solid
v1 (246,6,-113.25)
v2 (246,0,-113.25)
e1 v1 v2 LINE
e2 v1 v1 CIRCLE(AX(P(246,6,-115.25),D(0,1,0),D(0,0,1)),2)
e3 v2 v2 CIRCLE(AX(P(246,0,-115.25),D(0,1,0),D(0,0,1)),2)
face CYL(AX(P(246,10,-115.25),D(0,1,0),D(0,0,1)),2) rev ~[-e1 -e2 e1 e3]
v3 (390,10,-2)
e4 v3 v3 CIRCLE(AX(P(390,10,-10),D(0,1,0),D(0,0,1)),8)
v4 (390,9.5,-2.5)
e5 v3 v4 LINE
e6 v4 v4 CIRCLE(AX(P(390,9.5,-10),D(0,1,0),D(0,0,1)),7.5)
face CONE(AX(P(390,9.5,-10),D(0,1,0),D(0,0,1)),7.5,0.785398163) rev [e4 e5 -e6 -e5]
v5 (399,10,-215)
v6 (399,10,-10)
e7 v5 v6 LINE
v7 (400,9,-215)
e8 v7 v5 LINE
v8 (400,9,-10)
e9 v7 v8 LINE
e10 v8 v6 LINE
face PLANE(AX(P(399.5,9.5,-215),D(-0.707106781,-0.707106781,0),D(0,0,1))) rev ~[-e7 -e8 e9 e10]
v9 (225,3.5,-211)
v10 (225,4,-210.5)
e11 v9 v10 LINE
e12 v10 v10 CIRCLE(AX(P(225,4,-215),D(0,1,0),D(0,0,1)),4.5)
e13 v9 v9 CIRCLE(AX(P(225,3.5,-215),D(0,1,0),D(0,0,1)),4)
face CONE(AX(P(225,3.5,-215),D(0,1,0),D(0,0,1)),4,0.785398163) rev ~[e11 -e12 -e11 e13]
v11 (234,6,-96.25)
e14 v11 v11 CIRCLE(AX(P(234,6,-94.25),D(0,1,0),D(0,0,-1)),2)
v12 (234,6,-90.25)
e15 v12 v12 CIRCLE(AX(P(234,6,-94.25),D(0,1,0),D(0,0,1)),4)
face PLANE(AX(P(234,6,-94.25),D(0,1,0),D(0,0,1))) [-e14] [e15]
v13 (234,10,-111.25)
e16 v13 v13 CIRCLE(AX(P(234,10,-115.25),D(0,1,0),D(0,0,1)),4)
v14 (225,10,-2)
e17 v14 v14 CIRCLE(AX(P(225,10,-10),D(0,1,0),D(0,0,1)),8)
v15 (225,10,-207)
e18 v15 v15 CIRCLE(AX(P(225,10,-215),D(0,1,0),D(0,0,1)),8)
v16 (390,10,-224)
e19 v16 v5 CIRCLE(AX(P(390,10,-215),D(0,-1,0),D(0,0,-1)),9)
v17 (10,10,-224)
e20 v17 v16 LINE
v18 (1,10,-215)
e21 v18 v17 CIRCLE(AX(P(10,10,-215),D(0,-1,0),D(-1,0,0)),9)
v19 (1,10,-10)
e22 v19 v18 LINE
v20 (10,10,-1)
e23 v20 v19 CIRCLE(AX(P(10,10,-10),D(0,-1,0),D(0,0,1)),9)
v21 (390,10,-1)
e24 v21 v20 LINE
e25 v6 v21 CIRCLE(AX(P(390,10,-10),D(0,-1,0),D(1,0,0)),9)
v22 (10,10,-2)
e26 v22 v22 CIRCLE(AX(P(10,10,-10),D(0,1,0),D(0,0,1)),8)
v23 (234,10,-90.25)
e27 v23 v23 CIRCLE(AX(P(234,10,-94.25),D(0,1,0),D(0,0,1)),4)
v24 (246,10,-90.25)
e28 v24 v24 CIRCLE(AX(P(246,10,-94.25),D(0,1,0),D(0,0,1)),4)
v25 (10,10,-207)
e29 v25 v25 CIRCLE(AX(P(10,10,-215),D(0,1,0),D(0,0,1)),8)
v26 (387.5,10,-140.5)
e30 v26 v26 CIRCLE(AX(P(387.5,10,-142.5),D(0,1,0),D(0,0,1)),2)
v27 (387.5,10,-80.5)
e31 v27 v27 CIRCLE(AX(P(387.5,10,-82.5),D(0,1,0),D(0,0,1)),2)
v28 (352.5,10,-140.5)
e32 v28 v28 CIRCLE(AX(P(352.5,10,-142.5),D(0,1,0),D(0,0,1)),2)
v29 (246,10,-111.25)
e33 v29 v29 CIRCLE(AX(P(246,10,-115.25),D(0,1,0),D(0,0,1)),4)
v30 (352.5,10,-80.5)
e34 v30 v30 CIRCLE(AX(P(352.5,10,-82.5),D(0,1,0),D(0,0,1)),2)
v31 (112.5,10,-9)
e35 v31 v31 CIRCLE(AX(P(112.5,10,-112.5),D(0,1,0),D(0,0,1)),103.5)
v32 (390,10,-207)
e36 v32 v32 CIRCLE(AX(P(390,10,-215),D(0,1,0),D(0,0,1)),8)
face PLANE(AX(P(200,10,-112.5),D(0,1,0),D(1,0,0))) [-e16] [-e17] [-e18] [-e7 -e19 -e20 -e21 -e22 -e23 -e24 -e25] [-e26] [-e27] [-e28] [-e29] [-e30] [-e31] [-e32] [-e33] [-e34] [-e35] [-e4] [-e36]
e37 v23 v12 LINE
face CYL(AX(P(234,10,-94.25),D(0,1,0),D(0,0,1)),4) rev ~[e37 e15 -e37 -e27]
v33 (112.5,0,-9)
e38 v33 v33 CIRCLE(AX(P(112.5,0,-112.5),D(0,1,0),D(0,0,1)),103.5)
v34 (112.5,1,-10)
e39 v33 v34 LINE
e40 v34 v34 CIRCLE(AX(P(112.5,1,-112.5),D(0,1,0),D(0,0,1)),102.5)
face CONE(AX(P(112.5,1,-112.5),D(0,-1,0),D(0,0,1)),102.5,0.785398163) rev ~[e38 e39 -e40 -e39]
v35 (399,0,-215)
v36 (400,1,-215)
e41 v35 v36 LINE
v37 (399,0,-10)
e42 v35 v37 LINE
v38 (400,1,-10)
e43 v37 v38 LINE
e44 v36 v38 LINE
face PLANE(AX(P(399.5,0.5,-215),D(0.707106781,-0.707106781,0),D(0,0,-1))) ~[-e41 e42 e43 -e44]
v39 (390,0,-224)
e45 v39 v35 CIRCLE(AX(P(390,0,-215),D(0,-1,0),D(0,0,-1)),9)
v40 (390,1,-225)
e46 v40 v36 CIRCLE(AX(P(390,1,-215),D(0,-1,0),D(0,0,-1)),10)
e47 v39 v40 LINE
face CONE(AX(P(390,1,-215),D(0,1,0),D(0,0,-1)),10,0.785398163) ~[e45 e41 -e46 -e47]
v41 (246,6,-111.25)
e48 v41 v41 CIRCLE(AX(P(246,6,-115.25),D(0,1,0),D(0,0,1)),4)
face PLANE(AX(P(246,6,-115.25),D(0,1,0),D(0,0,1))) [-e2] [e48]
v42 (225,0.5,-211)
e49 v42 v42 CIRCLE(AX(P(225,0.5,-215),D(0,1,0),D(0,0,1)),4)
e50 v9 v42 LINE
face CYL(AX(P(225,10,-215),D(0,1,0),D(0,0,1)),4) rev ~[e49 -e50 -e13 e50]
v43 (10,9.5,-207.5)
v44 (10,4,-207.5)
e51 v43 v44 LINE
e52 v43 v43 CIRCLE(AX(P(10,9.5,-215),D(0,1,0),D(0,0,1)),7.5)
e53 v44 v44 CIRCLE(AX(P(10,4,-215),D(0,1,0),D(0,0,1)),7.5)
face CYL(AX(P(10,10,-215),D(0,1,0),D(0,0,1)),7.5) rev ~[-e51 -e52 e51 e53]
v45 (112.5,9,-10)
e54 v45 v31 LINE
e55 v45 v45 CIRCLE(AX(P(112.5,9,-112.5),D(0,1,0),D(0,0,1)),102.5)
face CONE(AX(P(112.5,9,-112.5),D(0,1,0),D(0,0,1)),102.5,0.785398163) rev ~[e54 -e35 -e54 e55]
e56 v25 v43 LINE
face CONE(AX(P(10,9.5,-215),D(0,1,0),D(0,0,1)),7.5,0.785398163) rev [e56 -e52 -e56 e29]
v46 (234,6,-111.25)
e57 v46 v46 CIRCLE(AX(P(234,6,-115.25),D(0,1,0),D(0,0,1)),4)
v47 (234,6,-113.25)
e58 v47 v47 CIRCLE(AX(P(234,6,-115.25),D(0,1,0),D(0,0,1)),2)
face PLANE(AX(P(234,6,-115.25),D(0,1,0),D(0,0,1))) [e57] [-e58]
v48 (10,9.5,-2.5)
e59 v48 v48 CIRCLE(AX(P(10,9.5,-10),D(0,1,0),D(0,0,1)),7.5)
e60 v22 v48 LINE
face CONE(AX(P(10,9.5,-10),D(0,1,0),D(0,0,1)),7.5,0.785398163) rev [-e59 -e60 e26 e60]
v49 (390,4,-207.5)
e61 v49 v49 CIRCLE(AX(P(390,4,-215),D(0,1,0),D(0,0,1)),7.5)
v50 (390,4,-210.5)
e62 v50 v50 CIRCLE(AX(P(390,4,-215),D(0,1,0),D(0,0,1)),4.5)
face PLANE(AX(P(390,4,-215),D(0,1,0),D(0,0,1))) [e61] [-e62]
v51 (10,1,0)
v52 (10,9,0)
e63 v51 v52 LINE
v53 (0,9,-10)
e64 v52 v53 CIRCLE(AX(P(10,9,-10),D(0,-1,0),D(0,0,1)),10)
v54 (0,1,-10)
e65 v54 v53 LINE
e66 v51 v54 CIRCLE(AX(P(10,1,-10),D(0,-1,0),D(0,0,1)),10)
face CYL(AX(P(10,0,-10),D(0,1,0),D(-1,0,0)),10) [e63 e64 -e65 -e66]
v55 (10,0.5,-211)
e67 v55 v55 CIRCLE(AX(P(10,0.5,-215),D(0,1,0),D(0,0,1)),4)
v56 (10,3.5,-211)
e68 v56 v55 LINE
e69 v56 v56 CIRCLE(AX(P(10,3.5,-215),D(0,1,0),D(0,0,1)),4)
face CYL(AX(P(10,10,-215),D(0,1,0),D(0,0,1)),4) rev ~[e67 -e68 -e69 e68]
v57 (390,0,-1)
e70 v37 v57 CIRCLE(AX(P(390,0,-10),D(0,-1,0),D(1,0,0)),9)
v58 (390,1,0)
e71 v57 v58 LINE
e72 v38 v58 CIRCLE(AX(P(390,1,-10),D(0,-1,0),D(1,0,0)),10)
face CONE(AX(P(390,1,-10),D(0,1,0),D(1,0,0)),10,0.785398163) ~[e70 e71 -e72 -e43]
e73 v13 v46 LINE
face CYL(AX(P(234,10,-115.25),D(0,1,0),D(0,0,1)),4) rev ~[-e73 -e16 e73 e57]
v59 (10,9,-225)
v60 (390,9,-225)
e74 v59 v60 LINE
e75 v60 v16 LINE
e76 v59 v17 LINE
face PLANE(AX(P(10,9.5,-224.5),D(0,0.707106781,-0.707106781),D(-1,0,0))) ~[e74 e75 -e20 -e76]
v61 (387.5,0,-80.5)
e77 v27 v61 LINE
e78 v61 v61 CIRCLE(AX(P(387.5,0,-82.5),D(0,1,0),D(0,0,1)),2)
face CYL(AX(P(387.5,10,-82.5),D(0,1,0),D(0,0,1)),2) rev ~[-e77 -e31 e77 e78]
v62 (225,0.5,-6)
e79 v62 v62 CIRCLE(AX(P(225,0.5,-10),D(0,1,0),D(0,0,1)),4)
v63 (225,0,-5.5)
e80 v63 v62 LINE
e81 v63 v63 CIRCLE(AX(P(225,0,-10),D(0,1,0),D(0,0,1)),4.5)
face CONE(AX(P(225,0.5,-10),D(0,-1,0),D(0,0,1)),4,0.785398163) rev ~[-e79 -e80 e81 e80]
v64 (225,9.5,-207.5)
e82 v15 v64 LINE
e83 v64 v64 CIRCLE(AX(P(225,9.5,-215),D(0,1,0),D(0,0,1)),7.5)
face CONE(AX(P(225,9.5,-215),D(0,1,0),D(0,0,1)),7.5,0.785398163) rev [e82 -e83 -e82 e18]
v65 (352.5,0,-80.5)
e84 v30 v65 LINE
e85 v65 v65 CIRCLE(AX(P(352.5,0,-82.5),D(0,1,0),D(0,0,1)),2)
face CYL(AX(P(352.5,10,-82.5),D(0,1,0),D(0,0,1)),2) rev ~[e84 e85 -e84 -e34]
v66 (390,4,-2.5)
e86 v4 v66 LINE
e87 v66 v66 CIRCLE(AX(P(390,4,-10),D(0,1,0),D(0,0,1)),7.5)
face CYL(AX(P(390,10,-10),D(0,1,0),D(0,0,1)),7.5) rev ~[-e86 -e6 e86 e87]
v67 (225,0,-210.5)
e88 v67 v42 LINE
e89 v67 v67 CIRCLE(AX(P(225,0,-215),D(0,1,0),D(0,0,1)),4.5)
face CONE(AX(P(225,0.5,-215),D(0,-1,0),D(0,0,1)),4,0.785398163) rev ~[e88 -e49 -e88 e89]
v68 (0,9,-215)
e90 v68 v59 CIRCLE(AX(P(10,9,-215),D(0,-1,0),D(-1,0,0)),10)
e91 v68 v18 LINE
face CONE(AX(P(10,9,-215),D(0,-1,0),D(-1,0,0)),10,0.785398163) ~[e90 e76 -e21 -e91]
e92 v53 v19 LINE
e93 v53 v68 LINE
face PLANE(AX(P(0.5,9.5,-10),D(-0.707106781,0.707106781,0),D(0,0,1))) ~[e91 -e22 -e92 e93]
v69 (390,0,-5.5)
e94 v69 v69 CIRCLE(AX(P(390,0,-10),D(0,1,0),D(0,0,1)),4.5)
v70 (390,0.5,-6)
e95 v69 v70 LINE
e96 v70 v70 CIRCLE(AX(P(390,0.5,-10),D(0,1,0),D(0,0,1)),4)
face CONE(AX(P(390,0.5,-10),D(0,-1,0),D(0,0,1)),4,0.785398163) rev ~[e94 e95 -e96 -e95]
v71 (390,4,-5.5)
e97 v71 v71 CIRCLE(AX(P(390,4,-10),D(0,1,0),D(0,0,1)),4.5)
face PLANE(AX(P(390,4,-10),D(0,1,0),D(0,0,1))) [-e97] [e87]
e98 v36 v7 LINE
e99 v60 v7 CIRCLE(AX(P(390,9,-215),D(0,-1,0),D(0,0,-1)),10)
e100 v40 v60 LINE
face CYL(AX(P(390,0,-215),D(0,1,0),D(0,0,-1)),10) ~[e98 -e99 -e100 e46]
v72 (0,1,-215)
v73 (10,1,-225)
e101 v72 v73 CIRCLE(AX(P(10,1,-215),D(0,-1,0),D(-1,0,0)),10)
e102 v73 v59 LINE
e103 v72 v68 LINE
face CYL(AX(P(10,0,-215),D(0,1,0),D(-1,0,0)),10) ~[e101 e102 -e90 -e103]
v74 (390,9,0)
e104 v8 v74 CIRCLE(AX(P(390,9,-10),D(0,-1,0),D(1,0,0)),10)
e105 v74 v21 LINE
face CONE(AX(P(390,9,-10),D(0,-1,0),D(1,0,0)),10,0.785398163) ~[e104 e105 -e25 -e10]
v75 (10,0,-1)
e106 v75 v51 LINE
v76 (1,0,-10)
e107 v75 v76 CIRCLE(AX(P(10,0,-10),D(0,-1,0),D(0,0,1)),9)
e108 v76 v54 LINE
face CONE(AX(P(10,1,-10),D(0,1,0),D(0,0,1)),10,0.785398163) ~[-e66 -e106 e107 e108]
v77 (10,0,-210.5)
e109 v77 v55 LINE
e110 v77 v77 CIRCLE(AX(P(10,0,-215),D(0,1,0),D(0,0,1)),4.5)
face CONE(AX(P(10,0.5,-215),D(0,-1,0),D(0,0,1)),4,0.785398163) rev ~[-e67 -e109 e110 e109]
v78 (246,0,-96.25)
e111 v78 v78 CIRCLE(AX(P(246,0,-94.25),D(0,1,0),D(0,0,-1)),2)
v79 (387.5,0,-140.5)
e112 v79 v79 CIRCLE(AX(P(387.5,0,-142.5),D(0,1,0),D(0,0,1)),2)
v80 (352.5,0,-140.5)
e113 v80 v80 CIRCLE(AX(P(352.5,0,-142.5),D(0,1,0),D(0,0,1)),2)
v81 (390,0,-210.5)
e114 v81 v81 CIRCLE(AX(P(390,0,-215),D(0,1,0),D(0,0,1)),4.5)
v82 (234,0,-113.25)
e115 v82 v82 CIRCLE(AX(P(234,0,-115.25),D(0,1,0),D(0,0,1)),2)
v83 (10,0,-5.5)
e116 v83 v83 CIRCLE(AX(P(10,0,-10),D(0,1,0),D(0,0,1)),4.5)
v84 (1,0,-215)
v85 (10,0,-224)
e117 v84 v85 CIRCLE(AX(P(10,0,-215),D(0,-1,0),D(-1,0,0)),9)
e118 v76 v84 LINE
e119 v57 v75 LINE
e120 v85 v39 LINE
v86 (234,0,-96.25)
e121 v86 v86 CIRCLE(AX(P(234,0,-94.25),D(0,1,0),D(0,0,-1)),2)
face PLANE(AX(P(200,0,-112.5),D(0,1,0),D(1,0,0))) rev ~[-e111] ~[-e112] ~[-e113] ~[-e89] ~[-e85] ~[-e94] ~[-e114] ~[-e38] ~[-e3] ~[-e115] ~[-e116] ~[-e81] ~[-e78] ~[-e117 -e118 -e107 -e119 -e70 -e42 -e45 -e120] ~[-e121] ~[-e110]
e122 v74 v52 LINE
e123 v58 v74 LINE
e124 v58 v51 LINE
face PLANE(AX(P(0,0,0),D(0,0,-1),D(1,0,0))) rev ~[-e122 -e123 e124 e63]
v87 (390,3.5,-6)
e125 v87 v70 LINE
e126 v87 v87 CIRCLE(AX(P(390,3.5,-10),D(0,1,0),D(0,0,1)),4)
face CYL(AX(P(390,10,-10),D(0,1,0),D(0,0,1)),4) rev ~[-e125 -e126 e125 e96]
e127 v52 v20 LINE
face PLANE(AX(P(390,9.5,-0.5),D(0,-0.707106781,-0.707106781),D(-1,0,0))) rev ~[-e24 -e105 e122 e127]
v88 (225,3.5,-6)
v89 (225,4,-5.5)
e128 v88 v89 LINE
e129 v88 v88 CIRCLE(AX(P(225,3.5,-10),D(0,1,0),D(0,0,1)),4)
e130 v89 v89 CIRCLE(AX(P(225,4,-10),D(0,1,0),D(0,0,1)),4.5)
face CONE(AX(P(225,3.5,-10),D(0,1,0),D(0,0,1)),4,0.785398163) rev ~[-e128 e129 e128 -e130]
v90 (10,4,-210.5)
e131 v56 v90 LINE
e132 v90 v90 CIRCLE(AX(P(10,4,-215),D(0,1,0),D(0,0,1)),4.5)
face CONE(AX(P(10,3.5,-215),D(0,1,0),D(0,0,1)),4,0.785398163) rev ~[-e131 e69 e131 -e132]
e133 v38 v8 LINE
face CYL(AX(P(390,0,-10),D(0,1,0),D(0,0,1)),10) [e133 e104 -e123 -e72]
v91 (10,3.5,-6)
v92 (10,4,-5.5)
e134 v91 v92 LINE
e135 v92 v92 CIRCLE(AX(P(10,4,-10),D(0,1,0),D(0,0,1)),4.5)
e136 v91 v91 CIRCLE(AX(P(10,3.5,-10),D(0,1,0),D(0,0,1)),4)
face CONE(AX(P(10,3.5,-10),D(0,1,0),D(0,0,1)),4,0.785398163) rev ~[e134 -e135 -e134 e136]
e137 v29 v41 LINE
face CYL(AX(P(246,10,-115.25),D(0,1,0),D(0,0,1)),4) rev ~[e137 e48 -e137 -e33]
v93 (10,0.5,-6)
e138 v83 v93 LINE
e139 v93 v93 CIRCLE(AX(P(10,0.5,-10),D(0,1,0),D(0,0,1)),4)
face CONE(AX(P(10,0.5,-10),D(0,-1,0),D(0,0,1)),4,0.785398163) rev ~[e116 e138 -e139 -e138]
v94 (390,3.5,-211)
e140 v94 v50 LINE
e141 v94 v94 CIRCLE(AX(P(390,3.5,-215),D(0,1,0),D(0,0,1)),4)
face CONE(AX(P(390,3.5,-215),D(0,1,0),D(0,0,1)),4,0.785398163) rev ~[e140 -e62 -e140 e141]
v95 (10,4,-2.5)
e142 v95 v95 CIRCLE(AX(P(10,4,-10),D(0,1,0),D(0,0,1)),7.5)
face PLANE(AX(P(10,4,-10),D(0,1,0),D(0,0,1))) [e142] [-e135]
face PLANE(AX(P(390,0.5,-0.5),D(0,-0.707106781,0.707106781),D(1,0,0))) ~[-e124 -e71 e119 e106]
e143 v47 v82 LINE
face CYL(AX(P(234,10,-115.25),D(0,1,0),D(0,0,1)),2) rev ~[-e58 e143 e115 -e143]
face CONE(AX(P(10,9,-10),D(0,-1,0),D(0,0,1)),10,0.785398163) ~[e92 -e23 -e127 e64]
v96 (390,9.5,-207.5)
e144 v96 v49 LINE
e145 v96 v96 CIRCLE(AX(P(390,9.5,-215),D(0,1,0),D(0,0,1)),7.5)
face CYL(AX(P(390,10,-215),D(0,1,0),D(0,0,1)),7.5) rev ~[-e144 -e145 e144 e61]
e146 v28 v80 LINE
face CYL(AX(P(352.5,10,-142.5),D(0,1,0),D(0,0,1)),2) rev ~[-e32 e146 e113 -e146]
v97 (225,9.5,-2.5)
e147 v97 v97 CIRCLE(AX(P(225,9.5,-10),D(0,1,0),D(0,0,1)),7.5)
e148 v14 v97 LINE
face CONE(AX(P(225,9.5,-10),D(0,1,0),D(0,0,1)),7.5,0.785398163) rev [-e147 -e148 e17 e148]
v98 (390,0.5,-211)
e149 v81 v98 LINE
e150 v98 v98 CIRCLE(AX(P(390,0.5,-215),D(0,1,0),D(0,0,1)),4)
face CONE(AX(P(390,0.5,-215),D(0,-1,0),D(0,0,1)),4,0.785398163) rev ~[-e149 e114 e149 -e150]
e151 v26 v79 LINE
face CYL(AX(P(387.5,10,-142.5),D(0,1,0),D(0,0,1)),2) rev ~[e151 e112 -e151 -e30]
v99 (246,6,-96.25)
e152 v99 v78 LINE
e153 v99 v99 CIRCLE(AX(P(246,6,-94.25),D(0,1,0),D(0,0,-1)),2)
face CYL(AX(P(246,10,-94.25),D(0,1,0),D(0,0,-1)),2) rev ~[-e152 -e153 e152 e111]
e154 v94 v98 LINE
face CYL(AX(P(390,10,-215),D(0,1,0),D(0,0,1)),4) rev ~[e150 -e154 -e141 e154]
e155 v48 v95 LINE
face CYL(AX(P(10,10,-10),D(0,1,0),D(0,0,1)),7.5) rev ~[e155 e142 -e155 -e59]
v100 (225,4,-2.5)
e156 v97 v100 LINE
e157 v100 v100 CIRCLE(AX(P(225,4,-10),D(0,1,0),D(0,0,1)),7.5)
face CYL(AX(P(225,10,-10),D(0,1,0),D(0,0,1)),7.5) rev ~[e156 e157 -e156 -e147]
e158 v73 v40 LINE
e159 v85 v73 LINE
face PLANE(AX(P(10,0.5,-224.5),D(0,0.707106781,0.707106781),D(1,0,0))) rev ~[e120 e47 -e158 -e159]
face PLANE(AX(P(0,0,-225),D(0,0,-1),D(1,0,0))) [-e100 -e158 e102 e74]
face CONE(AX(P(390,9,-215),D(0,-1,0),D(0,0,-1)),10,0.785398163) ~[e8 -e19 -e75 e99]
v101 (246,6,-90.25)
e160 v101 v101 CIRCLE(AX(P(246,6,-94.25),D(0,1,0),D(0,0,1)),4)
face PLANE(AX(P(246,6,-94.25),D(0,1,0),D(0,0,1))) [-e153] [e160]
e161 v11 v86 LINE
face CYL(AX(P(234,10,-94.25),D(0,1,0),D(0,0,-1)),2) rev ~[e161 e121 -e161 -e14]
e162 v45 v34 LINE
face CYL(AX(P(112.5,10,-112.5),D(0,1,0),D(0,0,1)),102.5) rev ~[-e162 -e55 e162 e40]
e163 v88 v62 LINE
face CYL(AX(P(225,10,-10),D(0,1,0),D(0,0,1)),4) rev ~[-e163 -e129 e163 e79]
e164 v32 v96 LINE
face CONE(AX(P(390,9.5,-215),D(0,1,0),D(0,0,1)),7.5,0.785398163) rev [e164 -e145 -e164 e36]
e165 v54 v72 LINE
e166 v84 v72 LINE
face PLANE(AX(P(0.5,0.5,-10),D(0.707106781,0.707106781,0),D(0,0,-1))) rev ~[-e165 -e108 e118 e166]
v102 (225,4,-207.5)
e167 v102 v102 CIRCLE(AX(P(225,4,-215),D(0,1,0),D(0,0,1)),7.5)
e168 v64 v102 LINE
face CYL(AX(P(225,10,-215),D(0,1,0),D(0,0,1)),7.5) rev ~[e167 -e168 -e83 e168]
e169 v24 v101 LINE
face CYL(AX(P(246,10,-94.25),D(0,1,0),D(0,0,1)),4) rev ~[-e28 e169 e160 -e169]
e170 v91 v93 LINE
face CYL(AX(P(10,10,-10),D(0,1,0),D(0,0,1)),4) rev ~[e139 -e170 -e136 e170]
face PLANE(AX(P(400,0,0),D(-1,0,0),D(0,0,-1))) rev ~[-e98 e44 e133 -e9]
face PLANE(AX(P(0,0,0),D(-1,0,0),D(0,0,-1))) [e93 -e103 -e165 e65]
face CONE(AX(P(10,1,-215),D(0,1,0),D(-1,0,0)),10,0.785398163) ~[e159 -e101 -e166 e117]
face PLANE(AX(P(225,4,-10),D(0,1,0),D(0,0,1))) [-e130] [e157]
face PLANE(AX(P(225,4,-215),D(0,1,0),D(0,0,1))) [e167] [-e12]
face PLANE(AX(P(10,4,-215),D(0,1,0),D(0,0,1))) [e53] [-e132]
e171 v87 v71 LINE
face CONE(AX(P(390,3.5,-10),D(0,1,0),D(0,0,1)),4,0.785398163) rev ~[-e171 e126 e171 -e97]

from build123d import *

# Parameters (mm, degrees)
SKICA1_W                 = 400
SKICA1_H                 = 225
P_IDAT_VYSUNUT_M1_DEPTH  = 10
SKICA2_R                 = 102.5
ODEBRAT_VYSUNUT_M1_DEPTH = 10
ZAOBLIT1_R               = 10
SKICA3_R                 = 4
ODEBRAT_VYSUNUT_M2_DEPTH = 10
SKICA4_R                 = 7.5
ODEBRAT_VYSUNUT_M3_DEPTH = 6
ZKOSEN_1_SIZE            = 0.5
ZKOSEN_2_SIZE            = 1
ZKOSEN_3_SIZE            = 1
SKICA5_R                 = 2
ODEBRAT_VYSUNUT_M4_DEPTH = 10
SKICA6_R                 = 2
ODEBRAT_VYSUNUT_M5_DEPTH = 10
SKICA7_R                 = 4
ODEBRAT_VYSUNUT_M6_DEPTH = 4


with BuildPart() as part:
    # Skica1 → Přidat vysunutím1 (new body)
    with BuildSketch(Plane(origin=(0, 0, 0), x_dir=(1, 0, 0), z_dir=(0, 1, 0))):
        with Locations((200, 112.5)):
            Rectangle(SKICA1_W, SKICA1_H)
    extrude(amount=P_IDAT_VYSUNUT_M1_DEPTH)

    # Skica2 → Odebrat vysunutím1 (cut)
    with BuildSketch(Plane(origin=(0, 10, 0), x_dir=(1, 0, 0), z_dir=(0, 1, 0))):
        with Locations(Location((112.5, 112.5, 0), (0, 0, 270))):
            Circle(SKICA2_R)
    extrude(amount=-ODEBRAT_VYSUNUT_M1_DEPTH, mode=Mode.SUBTRACT)

    # Zaoblit1
    zaoblit1_edges = [part.edges().sort_by_distance(p)[0] for p in [
        (0, 5, -225),
        (400, 5, -225),
        (400, 5, 0),
        (0, 5, 0),
    ]]
    fillet(zaoblit1_edges, radius=ZAOBLIT1_R)

    # Skica3 → Odebrat vysunutím2 (cut)
    with BuildSketch(Plane(origin=(0, 10, 0), x_dir=(1, 0, 0), z_dir=(0, 1, 0))):
        with Locations(Location((10, 215, 0), (0, 0, 270))):
            Circle(SKICA3_R)
        with Locations(Location((390, 215, 0), (0, 0, 270))):
            Circle(SKICA3_R)
        with Locations(Location((10, 10, 0), (0, 0, 270))):
            Circle(SKICA3_R)
        with Locations(Location((390, 10, 0), (0, 0, 270))):
            Circle(SKICA3_R)
        with Locations(Location((225, 215, 0), (0, 0, 270))):
            Circle(SKICA3_R)
        with Locations(Location((225, 10, 0), (0, 0, 270))):
            Circle(SKICA3_R)
    extrude(amount=-ODEBRAT_VYSUNUT_M2_DEPTH, mode=Mode.SUBTRACT)

    # Skica4 → Odebrat vysunutím3 (cut)
    with BuildSketch(Plane(origin=(0, 10, 0), x_dir=(1, 0, 0), z_dir=(0, 1, 0))):
        with Locations(Location((10, 215, 0), (0, 0, 270))):
            Circle(SKICA4_R)
        with Locations(Location((390, 215, 0), (0, 0, 270))):
            Circle(SKICA4_R)
        with Locations(Location((10, 10, 0), (0, 0, 270))):
            Circle(SKICA4_R)
        with Locations(Location((390, 10, 0), (0, 0, 270))):
            Circle(SKICA4_R)
        with Locations(Location((225, 215, 0), (0, 0, 270))):
            Circle(SKICA4_R)
        with Locations(Location((225, 10, 0), (0, 0, 270))):
            Circle(SKICA4_R)
    extrude(amount=-ODEBRAT_VYSUNUT_M3_DEPTH, mode=Mode.SUBTRACT)

    # Zkosení1
    zkosen_1_edges = [part.edges().sort_by_distance(p)[0] for p in [
        (225, 0, -219),
        (390, 0, -14),
        (10, 0, -14),
        (390, 0, -219),
        (225, 0, -14),
        (10, 0, -219),
        (225, 10, -222.5),
        (225, 4, -219),
        (390, 10, -17.5),
        (390, 4, -14),
        (10, 10, -17.5),
        (10, 4, -14),
        (390, 10, -222.5),
        (390, 4, -219),
        (225, 10, -17.5),
        (225, 4, -14),
        (10, 10, -222.5),
        (10, 4, -219),
    ]]
    chamfer(zkosen_1_edges, length=ZKOSEN_1_SIZE)

    # Zkosení2
    zkosen_2_edges = [part.edges().sort_by_distance(p)[0] for p in [
        (112.5, 10, -215),
        (112.5, 0, -215),
    ]]
    chamfer(zkosen_2_edges, length=ZKOSEN_2_SIZE)

    # Zkosení3
    zkosen_3_edges = [part.edges().sort_by_distance(p)[0] for p in [
        (200, 0, -225),
        (200, 10, -225),
        (0, 0, -112.5),
        (400, 0, -112.5),
        (200, 0, 0),
        (2.928932188, 0, -2.928932188),
        (2.928932188, 0, -222.071067812),
        (397.071067812, 0, -2.928932188),
        (397.071067812, 0, -222.071067812),
        (400, 10, -112.5),
        (0, 10, -112.5),
        (200, 10, 0),
        (2.928932188, 10, -2.928932188),
        (2.928932188, 10, -222.071067812),
        (397.071067812, 10, -2.928932188),
        (397.071067812, 10, -222.071067812),
    ]]
    chamfer(zkosen_3_edges, length=ZKOSEN_3_SIZE)

    # Skica5 → Odebrat vysunutím4 (cut)
    with BuildSketch(Plane(origin=(0, 10, 0), x_dir=(1, 0, 0), z_dir=(0, 1, 0))):
        with Locations(Location((352.5, 142.5, 0), (0, 0, 270))):
            Circle(SKICA5_R)
        with Locations(Location((387.5, 142.5, 0), (0, 0, 270))):
            Circle(SKICA5_R)
        with Locations(Location((387.5, 82.5, 0), (0, 0, 270))):
            Circle(SKICA5_R)
        with Locations(Location((352.5, 82.5, 0), (0, 0, 270))):
            Circle(SKICA5_R)
    extrude(amount=-ODEBRAT_VYSUNUT_M4_DEPTH, mode=Mode.SUBTRACT)

    # Skica6 → Odebrat vysunutím5 (cut)
    with BuildSketch(Plane(origin=(0, 10, 0), x_dir=(1, 0, 0), z_dir=(0, 1, 0))):
        with Locations(Location((234, 115.25, 0), (0, 0, 270))):
            Circle(SKICA6_R)
        with Locations(Location((246, 115.25, 0), (0, 0, 270))):
            Circle(SKICA6_R)
        with Locations(Location((246, 94.25, 0), (0, 0, 90))):
            Circle(SKICA6_R)
        with Locations(Location((234, 94.25, 0), (0, 0, 90))):
            Circle(SKICA6_R)
    extrude(amount=-ODEBRAT_VYSUNUT_M5_DEPTH, mode=Mode.SUBTRACT)

    # Skica7 → Odebrat vysunutím6 (cut)
    with BuildSketch(Plane(origin=(0, 10, 0), x_dir=(1, 0, 0), z_dir=(0, 1, 0))):
        with Locations(Location((234, 115.25, 0), (0, 0, 270))):
            Circle(SKICA7_R)
        with Locations(Location((246, 115.25, 0), (0, 0, 270))):
            Circle(SKICA7_R)
        with Locations(Location((234, 94.25, 0), (0, 0, 270))):
            Circle(SKICA7_R)
        with Locations(Location((246, 94.25, 0), (0, 0, 270))):
            Circle(SKICA7_R)
    extrude(amount=-ODEBRAT_VYSUNUT_M6_DEPTH, mode=Mode.SUBTRACT)


solid = part.part
